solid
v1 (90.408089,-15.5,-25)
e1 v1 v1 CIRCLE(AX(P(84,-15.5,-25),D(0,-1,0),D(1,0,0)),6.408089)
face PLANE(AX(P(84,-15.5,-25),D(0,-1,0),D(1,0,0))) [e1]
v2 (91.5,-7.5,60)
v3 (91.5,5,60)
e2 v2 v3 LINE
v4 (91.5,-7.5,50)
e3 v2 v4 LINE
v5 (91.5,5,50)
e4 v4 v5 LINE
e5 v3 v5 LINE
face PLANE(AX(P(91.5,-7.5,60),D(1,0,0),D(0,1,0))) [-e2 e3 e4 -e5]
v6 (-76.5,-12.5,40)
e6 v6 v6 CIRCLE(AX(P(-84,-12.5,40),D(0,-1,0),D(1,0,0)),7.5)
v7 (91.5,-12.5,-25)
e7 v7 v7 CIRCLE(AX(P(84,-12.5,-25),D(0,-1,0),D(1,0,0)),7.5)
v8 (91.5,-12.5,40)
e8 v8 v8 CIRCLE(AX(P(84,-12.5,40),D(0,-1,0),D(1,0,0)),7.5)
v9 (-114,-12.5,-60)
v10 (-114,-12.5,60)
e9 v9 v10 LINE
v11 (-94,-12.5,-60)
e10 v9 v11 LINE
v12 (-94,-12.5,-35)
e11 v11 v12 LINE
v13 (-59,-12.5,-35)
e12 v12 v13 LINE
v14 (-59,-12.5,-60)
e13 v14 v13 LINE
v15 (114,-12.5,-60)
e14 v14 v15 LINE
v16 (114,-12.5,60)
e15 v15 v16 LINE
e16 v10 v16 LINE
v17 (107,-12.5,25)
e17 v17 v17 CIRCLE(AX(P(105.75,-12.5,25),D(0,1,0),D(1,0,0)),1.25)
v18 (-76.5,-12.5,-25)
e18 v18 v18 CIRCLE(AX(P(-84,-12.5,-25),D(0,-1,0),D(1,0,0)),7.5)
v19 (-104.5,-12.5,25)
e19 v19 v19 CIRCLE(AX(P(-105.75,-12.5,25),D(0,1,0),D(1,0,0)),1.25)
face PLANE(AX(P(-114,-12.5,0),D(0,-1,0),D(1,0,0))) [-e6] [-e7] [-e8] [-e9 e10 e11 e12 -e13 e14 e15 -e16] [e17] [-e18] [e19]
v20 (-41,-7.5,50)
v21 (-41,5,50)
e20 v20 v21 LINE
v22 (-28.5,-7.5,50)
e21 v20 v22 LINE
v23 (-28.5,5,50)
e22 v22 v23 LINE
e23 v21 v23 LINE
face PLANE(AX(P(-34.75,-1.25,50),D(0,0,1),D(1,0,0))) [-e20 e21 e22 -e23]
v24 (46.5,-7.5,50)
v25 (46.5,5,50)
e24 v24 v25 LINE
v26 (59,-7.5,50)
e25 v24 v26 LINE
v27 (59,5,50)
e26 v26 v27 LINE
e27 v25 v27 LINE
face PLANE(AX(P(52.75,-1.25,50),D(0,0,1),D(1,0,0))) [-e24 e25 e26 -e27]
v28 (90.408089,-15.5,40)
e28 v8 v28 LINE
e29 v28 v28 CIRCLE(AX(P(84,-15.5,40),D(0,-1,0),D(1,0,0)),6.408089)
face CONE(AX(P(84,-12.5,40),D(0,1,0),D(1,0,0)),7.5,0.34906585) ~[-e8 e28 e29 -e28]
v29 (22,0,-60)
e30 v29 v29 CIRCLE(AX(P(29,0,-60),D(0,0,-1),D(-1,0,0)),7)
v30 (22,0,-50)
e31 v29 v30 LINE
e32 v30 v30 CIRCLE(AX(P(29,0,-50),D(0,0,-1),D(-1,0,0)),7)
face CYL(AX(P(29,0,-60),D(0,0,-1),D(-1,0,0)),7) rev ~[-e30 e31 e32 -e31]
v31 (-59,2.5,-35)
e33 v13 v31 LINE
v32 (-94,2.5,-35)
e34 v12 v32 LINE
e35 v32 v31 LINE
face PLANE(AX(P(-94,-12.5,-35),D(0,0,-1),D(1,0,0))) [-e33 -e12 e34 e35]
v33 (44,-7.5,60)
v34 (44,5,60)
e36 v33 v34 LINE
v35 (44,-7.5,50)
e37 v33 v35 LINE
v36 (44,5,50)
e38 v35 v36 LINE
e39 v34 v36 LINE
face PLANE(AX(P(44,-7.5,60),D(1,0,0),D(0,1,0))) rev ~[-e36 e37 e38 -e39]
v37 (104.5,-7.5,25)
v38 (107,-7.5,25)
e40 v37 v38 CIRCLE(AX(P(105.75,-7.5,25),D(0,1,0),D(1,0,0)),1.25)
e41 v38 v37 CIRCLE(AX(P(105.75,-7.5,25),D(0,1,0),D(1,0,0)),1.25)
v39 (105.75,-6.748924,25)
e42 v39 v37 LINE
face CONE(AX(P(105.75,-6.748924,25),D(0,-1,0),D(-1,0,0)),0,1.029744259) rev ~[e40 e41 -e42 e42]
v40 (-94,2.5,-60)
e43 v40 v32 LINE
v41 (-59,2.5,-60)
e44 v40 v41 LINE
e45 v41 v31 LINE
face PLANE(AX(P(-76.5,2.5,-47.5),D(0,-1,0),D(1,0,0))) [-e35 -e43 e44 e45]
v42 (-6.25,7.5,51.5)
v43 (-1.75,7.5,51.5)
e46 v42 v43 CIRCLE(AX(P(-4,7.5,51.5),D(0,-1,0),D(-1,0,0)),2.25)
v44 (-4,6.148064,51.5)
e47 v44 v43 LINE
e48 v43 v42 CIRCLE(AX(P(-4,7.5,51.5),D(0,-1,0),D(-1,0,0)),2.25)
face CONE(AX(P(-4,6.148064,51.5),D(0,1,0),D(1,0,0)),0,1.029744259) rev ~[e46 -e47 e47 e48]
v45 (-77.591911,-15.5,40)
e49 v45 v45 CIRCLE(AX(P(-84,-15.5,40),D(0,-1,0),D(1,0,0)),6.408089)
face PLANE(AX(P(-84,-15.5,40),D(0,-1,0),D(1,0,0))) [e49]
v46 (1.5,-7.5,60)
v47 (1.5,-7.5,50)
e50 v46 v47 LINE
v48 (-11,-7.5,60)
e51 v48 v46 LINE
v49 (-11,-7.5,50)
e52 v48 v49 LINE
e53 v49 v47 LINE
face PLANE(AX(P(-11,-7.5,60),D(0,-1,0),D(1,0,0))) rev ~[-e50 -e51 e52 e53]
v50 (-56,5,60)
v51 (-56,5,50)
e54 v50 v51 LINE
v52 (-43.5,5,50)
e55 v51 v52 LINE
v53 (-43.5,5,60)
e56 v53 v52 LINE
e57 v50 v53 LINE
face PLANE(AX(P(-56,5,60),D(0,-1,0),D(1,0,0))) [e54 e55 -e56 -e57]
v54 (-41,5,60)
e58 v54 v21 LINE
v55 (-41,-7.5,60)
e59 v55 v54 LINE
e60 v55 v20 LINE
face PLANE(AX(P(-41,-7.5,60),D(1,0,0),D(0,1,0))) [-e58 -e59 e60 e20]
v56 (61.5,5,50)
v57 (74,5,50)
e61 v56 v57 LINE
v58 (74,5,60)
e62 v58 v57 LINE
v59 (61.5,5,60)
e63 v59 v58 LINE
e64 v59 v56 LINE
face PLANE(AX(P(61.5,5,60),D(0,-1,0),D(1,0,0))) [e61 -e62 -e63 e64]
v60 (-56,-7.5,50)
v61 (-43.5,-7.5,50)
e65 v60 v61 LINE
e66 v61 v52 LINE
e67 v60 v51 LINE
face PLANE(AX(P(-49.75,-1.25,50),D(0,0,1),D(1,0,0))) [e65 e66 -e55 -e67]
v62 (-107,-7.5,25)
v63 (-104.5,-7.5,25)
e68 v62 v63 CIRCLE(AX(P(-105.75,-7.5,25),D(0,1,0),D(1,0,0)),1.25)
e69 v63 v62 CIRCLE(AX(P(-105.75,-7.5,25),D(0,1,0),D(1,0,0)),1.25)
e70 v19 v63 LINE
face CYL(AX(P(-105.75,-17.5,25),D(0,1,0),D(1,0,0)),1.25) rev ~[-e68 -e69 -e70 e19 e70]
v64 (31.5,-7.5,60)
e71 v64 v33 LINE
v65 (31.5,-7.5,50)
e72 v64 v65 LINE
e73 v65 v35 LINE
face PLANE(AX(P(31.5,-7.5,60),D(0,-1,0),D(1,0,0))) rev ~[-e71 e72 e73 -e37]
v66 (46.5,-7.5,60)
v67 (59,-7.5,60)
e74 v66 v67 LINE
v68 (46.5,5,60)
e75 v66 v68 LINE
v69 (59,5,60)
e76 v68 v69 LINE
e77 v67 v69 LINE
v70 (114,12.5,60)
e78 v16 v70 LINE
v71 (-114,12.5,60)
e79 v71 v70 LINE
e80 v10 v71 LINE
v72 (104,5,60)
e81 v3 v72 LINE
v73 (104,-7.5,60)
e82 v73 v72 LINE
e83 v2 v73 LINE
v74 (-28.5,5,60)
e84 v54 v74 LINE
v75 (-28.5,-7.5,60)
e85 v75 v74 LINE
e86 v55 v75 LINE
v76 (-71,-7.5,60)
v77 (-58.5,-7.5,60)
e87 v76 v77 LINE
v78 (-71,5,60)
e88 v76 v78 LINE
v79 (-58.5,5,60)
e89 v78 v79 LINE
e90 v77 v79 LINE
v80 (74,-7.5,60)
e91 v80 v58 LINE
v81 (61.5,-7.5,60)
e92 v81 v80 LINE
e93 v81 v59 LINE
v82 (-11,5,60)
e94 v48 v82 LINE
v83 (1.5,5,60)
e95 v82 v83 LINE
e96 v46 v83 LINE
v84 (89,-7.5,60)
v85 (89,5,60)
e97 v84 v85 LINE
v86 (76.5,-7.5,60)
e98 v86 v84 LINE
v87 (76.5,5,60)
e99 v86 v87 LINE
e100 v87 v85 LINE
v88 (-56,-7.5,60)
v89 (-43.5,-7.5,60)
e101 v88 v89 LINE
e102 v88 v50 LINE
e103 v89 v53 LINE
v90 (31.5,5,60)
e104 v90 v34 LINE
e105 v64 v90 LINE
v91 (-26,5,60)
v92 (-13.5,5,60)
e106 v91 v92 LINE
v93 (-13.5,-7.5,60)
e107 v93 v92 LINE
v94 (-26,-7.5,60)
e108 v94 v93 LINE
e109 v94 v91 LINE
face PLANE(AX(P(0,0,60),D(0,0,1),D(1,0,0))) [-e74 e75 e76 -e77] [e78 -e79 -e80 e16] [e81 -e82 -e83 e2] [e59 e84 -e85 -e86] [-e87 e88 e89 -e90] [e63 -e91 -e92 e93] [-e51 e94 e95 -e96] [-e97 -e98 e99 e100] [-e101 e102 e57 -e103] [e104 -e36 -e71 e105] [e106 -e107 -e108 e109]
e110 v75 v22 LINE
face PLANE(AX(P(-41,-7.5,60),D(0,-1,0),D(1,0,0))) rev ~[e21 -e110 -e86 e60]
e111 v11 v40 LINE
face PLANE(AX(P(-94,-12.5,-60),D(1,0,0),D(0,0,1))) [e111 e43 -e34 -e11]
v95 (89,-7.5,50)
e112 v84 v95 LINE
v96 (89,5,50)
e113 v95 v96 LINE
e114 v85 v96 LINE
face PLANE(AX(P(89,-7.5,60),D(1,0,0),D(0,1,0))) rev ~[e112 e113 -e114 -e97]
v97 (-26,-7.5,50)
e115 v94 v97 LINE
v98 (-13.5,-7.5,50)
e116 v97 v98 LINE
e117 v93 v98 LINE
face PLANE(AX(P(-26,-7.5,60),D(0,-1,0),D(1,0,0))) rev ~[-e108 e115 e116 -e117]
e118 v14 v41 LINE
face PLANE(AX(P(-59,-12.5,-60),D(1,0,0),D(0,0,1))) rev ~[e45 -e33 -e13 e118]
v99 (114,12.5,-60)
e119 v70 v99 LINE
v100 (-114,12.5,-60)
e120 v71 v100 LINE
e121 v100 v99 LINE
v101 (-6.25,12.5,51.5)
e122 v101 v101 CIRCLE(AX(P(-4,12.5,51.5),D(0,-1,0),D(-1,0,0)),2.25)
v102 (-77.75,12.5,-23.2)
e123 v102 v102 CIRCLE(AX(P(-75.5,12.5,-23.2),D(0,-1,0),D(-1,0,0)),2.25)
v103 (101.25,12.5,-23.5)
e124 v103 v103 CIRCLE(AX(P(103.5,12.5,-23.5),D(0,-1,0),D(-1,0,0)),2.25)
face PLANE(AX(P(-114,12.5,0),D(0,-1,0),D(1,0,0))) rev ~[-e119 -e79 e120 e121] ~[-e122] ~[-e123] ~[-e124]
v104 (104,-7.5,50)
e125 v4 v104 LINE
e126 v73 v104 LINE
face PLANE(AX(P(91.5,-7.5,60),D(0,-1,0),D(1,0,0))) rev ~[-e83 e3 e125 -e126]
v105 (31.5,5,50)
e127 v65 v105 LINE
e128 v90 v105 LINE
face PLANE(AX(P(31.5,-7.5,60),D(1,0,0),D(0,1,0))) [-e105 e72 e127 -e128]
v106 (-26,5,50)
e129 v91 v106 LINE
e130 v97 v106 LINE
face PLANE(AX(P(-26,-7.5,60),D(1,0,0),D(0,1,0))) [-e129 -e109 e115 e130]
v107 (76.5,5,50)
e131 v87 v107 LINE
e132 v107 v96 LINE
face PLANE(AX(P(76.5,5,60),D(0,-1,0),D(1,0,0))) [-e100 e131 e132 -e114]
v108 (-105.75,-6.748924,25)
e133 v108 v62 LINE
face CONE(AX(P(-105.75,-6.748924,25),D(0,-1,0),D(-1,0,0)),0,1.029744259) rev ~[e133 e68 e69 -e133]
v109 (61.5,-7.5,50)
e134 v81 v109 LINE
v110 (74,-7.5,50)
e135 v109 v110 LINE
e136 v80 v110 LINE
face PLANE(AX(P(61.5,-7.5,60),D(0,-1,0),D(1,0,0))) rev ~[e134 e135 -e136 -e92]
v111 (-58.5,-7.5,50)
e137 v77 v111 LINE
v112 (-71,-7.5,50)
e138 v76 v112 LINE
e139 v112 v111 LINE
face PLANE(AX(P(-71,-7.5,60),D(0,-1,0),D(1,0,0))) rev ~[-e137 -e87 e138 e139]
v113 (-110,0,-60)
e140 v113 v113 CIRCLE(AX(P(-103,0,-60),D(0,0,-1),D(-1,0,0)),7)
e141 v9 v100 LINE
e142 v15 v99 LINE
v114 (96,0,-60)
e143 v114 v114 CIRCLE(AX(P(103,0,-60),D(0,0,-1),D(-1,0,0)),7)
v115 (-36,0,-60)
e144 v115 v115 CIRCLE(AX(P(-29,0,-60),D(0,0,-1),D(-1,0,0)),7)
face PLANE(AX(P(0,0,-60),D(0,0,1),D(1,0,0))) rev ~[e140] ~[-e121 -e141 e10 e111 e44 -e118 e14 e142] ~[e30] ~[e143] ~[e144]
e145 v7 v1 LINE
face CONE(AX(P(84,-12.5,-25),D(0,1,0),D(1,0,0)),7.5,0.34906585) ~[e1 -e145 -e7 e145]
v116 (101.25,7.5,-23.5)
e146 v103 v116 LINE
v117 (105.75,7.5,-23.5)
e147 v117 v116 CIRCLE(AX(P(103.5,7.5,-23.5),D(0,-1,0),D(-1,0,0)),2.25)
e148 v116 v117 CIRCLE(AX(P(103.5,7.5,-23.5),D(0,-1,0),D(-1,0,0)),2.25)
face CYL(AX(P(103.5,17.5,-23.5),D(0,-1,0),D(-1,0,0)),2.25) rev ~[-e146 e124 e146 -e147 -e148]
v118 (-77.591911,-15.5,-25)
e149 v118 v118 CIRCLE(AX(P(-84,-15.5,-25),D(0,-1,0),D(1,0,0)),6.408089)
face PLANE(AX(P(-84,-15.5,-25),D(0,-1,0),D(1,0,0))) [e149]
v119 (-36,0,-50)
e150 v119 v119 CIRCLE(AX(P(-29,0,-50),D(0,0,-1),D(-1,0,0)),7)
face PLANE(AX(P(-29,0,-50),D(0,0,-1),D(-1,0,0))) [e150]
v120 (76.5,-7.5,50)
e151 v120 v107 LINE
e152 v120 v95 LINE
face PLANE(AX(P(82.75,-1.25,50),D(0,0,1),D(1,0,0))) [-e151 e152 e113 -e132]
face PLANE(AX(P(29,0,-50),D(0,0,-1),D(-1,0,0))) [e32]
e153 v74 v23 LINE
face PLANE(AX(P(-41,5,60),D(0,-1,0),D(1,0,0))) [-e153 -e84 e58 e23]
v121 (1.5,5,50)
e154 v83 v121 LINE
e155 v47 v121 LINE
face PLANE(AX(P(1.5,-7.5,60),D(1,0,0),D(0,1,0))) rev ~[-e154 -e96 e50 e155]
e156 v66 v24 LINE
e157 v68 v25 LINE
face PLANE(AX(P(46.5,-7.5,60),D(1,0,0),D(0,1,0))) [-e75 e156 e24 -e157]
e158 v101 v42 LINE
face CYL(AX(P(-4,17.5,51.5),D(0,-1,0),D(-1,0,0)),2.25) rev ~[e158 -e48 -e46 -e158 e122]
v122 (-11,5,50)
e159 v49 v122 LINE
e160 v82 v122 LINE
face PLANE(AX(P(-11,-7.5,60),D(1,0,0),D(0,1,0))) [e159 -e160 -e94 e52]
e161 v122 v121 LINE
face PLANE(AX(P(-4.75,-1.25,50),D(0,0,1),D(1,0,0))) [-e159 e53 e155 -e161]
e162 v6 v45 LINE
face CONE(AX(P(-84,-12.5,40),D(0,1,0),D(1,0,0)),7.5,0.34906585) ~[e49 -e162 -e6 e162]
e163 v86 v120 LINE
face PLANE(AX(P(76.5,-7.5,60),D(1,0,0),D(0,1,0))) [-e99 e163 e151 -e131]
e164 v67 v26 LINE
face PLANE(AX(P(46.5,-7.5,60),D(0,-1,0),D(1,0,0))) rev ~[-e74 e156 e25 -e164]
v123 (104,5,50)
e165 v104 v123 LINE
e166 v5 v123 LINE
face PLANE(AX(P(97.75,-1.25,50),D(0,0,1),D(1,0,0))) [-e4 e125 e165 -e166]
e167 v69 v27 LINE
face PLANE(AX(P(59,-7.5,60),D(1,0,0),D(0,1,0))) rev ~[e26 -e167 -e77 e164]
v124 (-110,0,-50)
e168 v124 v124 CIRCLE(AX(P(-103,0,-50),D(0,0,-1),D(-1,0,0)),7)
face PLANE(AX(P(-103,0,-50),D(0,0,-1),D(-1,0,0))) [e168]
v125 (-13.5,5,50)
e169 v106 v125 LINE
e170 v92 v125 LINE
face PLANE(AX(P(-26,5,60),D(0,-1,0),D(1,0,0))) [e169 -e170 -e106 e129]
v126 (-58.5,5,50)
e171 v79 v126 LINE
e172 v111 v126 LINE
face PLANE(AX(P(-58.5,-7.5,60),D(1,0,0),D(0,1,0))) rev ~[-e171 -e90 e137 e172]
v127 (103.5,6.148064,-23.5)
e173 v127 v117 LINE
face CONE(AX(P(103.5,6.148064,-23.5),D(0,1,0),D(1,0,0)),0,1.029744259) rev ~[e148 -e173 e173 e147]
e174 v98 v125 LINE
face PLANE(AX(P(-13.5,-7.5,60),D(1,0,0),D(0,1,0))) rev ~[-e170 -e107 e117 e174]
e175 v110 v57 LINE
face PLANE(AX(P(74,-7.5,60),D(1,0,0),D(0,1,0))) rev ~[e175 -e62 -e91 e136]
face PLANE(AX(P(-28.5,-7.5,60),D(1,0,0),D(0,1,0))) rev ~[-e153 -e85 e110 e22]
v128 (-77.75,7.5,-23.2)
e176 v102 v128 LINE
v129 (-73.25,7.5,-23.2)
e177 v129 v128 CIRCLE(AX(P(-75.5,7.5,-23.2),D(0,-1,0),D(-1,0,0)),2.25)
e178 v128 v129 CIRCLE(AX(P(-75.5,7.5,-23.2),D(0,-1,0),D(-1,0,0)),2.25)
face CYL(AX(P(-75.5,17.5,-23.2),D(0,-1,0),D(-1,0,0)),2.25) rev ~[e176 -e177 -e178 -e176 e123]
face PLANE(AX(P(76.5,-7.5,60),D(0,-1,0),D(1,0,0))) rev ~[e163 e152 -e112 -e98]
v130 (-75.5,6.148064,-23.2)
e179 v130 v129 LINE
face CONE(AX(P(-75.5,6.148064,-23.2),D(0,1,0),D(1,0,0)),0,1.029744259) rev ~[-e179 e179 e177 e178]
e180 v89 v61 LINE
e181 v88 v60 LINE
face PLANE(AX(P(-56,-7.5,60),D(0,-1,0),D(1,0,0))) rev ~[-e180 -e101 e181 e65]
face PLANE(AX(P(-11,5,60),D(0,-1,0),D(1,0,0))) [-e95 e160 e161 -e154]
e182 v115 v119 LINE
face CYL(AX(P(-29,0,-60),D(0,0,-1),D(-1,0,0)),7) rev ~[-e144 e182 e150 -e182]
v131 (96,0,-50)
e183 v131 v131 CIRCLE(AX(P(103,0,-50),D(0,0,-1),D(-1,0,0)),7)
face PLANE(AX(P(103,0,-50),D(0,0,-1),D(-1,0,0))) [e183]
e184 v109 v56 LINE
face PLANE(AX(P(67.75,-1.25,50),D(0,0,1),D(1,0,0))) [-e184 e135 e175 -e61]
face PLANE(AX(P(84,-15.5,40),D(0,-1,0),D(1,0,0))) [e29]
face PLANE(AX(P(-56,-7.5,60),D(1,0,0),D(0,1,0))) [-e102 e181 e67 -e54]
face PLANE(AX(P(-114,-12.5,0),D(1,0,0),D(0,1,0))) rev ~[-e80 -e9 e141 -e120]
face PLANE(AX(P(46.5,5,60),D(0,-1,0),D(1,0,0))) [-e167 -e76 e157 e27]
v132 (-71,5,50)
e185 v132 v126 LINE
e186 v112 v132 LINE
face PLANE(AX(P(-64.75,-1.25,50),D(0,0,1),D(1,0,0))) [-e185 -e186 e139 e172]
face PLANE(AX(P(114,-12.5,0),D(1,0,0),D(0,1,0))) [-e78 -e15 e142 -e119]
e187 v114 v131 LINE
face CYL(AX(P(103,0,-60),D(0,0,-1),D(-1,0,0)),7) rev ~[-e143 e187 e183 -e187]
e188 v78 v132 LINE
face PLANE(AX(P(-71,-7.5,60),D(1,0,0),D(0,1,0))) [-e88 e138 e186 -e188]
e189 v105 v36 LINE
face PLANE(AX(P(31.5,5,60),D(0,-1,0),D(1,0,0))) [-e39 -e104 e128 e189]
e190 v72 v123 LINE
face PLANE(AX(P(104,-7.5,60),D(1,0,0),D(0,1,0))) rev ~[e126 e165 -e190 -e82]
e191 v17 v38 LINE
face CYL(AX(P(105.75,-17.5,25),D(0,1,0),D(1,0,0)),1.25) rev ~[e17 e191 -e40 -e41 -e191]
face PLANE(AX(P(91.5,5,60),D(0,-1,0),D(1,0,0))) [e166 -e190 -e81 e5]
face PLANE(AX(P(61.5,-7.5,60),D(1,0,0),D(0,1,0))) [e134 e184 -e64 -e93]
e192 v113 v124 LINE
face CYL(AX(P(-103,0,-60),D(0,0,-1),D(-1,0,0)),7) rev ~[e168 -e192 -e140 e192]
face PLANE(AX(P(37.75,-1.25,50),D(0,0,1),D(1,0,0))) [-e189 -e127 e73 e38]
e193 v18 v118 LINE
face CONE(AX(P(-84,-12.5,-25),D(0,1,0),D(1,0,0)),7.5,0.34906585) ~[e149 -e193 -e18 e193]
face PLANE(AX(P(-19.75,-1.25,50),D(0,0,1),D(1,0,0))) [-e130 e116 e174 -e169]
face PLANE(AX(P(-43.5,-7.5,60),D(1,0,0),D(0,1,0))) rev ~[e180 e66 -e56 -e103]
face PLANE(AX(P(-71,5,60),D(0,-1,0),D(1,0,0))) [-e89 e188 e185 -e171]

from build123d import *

# Parameters (mm, degrees)
SKETCH1_W                              = 228
SKETCH1_H                              = 25
BOSS_EXTRUDE1_DEPTH                    = 60
SKETCH3_W                              = 12.5
SKETCH3_H                              = 12.5
CUT_EXTRUDE2_DEPTH                     = 10
LPATTERN1_COUNT                        = 2
LPATTERN1_PITCH                        = 102.5
SKETCH7_R                              = 7.5
BOSS_EXTRUDE4_DEPTH                    = 3
BOSS_EXTRUDE4_DRAFT                    = 20
BOSS_EXTRUDE4_PROFILE_2_DEPTH          = 3
BOSS_EXTRUDE4_PROFILE_2_DRAFT          = 20
BOSS_EXTRUDE4_PROFILE_3_DEPTH          = 3
BOSS_EXTRUDE4_PROFILE_3_DRAFT          = 20
BOSS_EXTRUDE4_PROFILE_4_DEPTH          = 3
BOSS_EXTRUDE4_PROFILE_4_DRAFT          = 20
M3X0_5_TAPPED_HOLE1_D                  = 2.5
M3X0_5_TAPPED_HOLE1_DEPTH              = 5
M3X0_5_TAPPED_HOLE1_TIP                = 0.751075774
SKETCH12_W                             = 35
SKETCH12_H                             = 25
CUT_EXTRUDE3_DEPTH                     = 15
SKETCH6_R                              = 7
CUT_EXTRUDE4_DEPTH                     = 10
F_4_5_4_5_DRILL_BIT_FOR_PEM_NUTS_D     = 4.5
F_4_5_4_5_DRILL_BIT_FOR_PEM_NUTS_DEPTH = 5
F_4_5_4_5_DRILL_BIT_FOR_PEM_NUTS_TIP   = 1.351936393


with BuildPart() as part:
    # Sketch1 → Boss-Extrude1 (new, symmetric)
    with BuildSketch(Plane.XY):
        Rectangle(SKETCH1_W, SKETCH1_H)
    extrude(amount=BOSS_EXTRUDE1_DEPTH, both=True)

    # Sketch3 → Cut-Extrude2 (cut)
    with BuildSketch(Plane.XY.offset(60)):
        with Locations((82.75, -1.25)):
            Rectangle(SKETCH3_W, SKETCH3_H)
        with Locations((97.75, -1.25)):
            Rectangle(SKETCH3_W, SKETCH3_H)
        with Locations((67.75, -1.25)):
            Rectangle(SKETCH3_W, SKETCH3_H)
        with Locations((52.75, -1.25)):
            Rectangle(SKETCH3_W, SKETCH3_H)
        with Locations((37.75, -1.25)):
            Rectangle(SKETCH3_W, SKETCH3_H)
    cut_extrude2 = extrude(amount=-CUT_EXTRUDE2_DEPTH, mode=Mode.SUBTRACT)

    # LPattern1: Cut-Extrude2 ×2
    with Locations(*[(-i * LPATTERN1_PITCH, 0, 0) for i in range(1, LPATTERN1_COUNT)]):
        add(cut_extrude2, mode=Mode.SUBTRACT)


with BuildPart() as boss_extrude4_tool:
    # Sketch7 → Boss-Extrude4 (with draft: the straight prism first)
    with BuildSketch(Plane.XZ.offset(12.5)):
        with Locations((-84, -25)):
            Circle(SKETCH7_R)
    extrude(amount=BOSS_EXTRUDE4_DEPTH)
    # Boss-Extrude4: the draft: its side faces are tilted about the plane it starts from
    boss_extrude4_sides = [boss_extrude4_tool.faces().sort_by_distance(p)[0] for p in [
        (-91.5, -14, -25),
    ]]
    draft(boss_extrude4_sides, Plane.XZ.offset(12.5), BOSS_EXTRUDE4_DRAFT)


with BuildPart() as part_1:
    add(part.part)

    # Boss-Extrude4: add boss_extrude4_tool
    add(boss_extrude4_tool.part)


with BuildPart() as boss_extrude4_profile_2_tool:
    # Sketch7 → Boss-Extrude4 profile 2 (with draft: the straight prism first)
    with BuildSketch(Plane.XZ.offset(12.5)):
        with Locations((-84, 40)):
            Circle(SKETCH7_R)
    extrude(amount=BOSS_EXTRUDE4_PROFILE_2_DEPTH)
    # Boss-Extrude4 profile 2: the draft: its side faces are tilted about the plane it starts from
    boss_extrude4_profile_2_sides = [boss_extrude4_profile_2_tool.faces().sort_by_distance(p)[0] for p in [
        (-91.5, -14, 40),
    ]]
    draft(boss_extrude4_profile_2_sides, Plane.XZ.offset(12.5), BOSS_EXTRUDE4_PROFILE_2_DRAFT)


with BuildPart() as part_2:
    add(part_1.part)

    # Boss-Extrude4 profile 2: add boss_extrude4_profile_2_tool
    add(boss_extrude4_profile_2_tool.part)


with BuildPart() as boss_extrude4_profile_3_tool:
    # Sketch7 → Boss-Extrude4 profile 3 (with draft: the straight prism first)
    with BuildSketch(Plane.XZ.offset(12.5)):
        with Locations((84, 40)):
            Circle(SKETCH7_R)
    extrude(amount=BOSS_EXTRUDE4_PROFILE_3_DEPTH)
    # Boss-Extrude4 profile 3: the draft: its side faces are tilted about the plane it starts from
    boss_extrude4_profile_3_sides = [boss_extrude4_profile_3_tool.faces().sort_by_distance(p)[0] for p in [
        (76.5, -14, 40),
    ]]
    draft(boss_extrude4_profile_3_sides, Plane.XZ.offset(12.5), BOSS_EXTRUDE4_PROFILE_3_DRAFT)


with BuildPart() as part_3:
    add(part_2.part)

    # Boss-Extrude4 profile 3: add boss_extrude4_profile_3_tool
    add(boss_extrude4_profile_3_tool.part)


with BuildPart() as boss_extrude4_profile_4_tool:
    # Sketch7 → Boss-Extrude4 profile 4 (with draft: the straight prism first)
    with BuildSketch(Plane.XZ.offset(12.5)):
        with Locations((84, -25)):
            Circle(SKETCH7_R)
    extrude(amount=BOSS_EXTRUDE4_PROFILE_4_DEPTH)
    # Boss-Extrude4 profile 4: the draft: its side faces are tilted about the plane it starts from
    boss_extrude4_profile_4_sides = [boss_extrude4_profile_4_tool.faces().sort_by_distance(p)[0] for p in [
        (76.5, -14, -25),
    ]]
    draft(boss_extrude4_profile_4_sides, Plane.XZ.offset(12.5), BOSS_EXTRUDE4_PROFILE_4_DRAFT)


with BuildPart() as part_4:
    add(part_3.part)

    # Boss-Extrude4 profile 4: add boss_extrude4_profile_4_tool
    add(boss_extrude4_profile_4_tool.part)

    # M3x0.5 Tapped Hole1
    with Locations(Plane(origin=(0, -12.5, 0), x_dir=(-1, 0, 0), z_dir=(0, -1, 0))):
        with Locations((105.75, -25), (-105.75, -25)):
            Hole(M3X0_5_TAPPED_HOLE1_D / 2, depth=M3X0_5_TAPPED_HOLE1_DEPTH)
            with Locations((0, 0, -(M3X0_5_TAPPED_HOLE1_DEPTH + M3X0_5_TAPPED_HOLE1_TIP / 2))):  # 118° drill point
                Cone(0, M3X0_5_TAPPED_HOLE1_D / 2, M3X0_5_TAPPED_HOLE1_TIP, mode=Mode.SUBTRACT)

    # Sketch12 → Cut-Extrude3 (cut)
    with BuildSketch(Plane.XZ.offset(12.5)):
        with Locations((-76.5, -47.5)):
            Rectangle(SKETCH12_W, SKETCH12_H)
    extrude(amount=-CUT_EXTRUDE3_DEPTH, mode=Mode.SUBTRACT)

    # Sketch6 → Cut-Extrude4 (cut)
    with BuildSketch(Plane(origin=(0, 0, -60), x_dir=(-1, 0, 0), z_dir=(0, 0, -1))):
        with Locations((-103, 0)):
            Circle(SKETCH6_R)
        with Locations((-29, 0)):
            Circle(SKETCH6_R)
        with Locations((29, 0)):
            Circle(SKETCH6_R)
        with Locations((103, 0)):
            Circle(SKETCH6_R)
    extrude(amount=-CUT_EXTRUDE4_DEPTH, mode=Mode.SUBTRACT)

    # Ø4.5 (4.5) Drill Bit for PEM Nuts
    with Locations(Plane(origin=(0, 12.5, 0), x_dir=(1, 0, 0), z_dir=(0, 1, 0))):
        with Locations((-4, -51.5), (-75.5, 23.2), (103.5, 23.5)):
            Hole(F_4_5_4_5_DRILL_BIT_FOR_PEM_NUTS_D / 2, depth=F_4_5_4_5_DRILL_BIT_FOR_PEM_NUTS_DEPTH)
            with Locations((0, 0, -(F_4_5_4_5_DRILL_BIT_FOR_PEM_NUTS_DEPTH + F_4_5_4_5_DRILL_BIT_FOR_PEM_NUTS_TIP / 2))):  # 118° drill point
                Cone(0, F_4_5_4_5_DRILL_BIT_FOR_PEM_NUTS_D / 2, F_4_5_4_5_DRILL_BIT_FOR_PEM_NUTS_TIP, mode=Mode.SUBTRACT)


solid = part_4.part
